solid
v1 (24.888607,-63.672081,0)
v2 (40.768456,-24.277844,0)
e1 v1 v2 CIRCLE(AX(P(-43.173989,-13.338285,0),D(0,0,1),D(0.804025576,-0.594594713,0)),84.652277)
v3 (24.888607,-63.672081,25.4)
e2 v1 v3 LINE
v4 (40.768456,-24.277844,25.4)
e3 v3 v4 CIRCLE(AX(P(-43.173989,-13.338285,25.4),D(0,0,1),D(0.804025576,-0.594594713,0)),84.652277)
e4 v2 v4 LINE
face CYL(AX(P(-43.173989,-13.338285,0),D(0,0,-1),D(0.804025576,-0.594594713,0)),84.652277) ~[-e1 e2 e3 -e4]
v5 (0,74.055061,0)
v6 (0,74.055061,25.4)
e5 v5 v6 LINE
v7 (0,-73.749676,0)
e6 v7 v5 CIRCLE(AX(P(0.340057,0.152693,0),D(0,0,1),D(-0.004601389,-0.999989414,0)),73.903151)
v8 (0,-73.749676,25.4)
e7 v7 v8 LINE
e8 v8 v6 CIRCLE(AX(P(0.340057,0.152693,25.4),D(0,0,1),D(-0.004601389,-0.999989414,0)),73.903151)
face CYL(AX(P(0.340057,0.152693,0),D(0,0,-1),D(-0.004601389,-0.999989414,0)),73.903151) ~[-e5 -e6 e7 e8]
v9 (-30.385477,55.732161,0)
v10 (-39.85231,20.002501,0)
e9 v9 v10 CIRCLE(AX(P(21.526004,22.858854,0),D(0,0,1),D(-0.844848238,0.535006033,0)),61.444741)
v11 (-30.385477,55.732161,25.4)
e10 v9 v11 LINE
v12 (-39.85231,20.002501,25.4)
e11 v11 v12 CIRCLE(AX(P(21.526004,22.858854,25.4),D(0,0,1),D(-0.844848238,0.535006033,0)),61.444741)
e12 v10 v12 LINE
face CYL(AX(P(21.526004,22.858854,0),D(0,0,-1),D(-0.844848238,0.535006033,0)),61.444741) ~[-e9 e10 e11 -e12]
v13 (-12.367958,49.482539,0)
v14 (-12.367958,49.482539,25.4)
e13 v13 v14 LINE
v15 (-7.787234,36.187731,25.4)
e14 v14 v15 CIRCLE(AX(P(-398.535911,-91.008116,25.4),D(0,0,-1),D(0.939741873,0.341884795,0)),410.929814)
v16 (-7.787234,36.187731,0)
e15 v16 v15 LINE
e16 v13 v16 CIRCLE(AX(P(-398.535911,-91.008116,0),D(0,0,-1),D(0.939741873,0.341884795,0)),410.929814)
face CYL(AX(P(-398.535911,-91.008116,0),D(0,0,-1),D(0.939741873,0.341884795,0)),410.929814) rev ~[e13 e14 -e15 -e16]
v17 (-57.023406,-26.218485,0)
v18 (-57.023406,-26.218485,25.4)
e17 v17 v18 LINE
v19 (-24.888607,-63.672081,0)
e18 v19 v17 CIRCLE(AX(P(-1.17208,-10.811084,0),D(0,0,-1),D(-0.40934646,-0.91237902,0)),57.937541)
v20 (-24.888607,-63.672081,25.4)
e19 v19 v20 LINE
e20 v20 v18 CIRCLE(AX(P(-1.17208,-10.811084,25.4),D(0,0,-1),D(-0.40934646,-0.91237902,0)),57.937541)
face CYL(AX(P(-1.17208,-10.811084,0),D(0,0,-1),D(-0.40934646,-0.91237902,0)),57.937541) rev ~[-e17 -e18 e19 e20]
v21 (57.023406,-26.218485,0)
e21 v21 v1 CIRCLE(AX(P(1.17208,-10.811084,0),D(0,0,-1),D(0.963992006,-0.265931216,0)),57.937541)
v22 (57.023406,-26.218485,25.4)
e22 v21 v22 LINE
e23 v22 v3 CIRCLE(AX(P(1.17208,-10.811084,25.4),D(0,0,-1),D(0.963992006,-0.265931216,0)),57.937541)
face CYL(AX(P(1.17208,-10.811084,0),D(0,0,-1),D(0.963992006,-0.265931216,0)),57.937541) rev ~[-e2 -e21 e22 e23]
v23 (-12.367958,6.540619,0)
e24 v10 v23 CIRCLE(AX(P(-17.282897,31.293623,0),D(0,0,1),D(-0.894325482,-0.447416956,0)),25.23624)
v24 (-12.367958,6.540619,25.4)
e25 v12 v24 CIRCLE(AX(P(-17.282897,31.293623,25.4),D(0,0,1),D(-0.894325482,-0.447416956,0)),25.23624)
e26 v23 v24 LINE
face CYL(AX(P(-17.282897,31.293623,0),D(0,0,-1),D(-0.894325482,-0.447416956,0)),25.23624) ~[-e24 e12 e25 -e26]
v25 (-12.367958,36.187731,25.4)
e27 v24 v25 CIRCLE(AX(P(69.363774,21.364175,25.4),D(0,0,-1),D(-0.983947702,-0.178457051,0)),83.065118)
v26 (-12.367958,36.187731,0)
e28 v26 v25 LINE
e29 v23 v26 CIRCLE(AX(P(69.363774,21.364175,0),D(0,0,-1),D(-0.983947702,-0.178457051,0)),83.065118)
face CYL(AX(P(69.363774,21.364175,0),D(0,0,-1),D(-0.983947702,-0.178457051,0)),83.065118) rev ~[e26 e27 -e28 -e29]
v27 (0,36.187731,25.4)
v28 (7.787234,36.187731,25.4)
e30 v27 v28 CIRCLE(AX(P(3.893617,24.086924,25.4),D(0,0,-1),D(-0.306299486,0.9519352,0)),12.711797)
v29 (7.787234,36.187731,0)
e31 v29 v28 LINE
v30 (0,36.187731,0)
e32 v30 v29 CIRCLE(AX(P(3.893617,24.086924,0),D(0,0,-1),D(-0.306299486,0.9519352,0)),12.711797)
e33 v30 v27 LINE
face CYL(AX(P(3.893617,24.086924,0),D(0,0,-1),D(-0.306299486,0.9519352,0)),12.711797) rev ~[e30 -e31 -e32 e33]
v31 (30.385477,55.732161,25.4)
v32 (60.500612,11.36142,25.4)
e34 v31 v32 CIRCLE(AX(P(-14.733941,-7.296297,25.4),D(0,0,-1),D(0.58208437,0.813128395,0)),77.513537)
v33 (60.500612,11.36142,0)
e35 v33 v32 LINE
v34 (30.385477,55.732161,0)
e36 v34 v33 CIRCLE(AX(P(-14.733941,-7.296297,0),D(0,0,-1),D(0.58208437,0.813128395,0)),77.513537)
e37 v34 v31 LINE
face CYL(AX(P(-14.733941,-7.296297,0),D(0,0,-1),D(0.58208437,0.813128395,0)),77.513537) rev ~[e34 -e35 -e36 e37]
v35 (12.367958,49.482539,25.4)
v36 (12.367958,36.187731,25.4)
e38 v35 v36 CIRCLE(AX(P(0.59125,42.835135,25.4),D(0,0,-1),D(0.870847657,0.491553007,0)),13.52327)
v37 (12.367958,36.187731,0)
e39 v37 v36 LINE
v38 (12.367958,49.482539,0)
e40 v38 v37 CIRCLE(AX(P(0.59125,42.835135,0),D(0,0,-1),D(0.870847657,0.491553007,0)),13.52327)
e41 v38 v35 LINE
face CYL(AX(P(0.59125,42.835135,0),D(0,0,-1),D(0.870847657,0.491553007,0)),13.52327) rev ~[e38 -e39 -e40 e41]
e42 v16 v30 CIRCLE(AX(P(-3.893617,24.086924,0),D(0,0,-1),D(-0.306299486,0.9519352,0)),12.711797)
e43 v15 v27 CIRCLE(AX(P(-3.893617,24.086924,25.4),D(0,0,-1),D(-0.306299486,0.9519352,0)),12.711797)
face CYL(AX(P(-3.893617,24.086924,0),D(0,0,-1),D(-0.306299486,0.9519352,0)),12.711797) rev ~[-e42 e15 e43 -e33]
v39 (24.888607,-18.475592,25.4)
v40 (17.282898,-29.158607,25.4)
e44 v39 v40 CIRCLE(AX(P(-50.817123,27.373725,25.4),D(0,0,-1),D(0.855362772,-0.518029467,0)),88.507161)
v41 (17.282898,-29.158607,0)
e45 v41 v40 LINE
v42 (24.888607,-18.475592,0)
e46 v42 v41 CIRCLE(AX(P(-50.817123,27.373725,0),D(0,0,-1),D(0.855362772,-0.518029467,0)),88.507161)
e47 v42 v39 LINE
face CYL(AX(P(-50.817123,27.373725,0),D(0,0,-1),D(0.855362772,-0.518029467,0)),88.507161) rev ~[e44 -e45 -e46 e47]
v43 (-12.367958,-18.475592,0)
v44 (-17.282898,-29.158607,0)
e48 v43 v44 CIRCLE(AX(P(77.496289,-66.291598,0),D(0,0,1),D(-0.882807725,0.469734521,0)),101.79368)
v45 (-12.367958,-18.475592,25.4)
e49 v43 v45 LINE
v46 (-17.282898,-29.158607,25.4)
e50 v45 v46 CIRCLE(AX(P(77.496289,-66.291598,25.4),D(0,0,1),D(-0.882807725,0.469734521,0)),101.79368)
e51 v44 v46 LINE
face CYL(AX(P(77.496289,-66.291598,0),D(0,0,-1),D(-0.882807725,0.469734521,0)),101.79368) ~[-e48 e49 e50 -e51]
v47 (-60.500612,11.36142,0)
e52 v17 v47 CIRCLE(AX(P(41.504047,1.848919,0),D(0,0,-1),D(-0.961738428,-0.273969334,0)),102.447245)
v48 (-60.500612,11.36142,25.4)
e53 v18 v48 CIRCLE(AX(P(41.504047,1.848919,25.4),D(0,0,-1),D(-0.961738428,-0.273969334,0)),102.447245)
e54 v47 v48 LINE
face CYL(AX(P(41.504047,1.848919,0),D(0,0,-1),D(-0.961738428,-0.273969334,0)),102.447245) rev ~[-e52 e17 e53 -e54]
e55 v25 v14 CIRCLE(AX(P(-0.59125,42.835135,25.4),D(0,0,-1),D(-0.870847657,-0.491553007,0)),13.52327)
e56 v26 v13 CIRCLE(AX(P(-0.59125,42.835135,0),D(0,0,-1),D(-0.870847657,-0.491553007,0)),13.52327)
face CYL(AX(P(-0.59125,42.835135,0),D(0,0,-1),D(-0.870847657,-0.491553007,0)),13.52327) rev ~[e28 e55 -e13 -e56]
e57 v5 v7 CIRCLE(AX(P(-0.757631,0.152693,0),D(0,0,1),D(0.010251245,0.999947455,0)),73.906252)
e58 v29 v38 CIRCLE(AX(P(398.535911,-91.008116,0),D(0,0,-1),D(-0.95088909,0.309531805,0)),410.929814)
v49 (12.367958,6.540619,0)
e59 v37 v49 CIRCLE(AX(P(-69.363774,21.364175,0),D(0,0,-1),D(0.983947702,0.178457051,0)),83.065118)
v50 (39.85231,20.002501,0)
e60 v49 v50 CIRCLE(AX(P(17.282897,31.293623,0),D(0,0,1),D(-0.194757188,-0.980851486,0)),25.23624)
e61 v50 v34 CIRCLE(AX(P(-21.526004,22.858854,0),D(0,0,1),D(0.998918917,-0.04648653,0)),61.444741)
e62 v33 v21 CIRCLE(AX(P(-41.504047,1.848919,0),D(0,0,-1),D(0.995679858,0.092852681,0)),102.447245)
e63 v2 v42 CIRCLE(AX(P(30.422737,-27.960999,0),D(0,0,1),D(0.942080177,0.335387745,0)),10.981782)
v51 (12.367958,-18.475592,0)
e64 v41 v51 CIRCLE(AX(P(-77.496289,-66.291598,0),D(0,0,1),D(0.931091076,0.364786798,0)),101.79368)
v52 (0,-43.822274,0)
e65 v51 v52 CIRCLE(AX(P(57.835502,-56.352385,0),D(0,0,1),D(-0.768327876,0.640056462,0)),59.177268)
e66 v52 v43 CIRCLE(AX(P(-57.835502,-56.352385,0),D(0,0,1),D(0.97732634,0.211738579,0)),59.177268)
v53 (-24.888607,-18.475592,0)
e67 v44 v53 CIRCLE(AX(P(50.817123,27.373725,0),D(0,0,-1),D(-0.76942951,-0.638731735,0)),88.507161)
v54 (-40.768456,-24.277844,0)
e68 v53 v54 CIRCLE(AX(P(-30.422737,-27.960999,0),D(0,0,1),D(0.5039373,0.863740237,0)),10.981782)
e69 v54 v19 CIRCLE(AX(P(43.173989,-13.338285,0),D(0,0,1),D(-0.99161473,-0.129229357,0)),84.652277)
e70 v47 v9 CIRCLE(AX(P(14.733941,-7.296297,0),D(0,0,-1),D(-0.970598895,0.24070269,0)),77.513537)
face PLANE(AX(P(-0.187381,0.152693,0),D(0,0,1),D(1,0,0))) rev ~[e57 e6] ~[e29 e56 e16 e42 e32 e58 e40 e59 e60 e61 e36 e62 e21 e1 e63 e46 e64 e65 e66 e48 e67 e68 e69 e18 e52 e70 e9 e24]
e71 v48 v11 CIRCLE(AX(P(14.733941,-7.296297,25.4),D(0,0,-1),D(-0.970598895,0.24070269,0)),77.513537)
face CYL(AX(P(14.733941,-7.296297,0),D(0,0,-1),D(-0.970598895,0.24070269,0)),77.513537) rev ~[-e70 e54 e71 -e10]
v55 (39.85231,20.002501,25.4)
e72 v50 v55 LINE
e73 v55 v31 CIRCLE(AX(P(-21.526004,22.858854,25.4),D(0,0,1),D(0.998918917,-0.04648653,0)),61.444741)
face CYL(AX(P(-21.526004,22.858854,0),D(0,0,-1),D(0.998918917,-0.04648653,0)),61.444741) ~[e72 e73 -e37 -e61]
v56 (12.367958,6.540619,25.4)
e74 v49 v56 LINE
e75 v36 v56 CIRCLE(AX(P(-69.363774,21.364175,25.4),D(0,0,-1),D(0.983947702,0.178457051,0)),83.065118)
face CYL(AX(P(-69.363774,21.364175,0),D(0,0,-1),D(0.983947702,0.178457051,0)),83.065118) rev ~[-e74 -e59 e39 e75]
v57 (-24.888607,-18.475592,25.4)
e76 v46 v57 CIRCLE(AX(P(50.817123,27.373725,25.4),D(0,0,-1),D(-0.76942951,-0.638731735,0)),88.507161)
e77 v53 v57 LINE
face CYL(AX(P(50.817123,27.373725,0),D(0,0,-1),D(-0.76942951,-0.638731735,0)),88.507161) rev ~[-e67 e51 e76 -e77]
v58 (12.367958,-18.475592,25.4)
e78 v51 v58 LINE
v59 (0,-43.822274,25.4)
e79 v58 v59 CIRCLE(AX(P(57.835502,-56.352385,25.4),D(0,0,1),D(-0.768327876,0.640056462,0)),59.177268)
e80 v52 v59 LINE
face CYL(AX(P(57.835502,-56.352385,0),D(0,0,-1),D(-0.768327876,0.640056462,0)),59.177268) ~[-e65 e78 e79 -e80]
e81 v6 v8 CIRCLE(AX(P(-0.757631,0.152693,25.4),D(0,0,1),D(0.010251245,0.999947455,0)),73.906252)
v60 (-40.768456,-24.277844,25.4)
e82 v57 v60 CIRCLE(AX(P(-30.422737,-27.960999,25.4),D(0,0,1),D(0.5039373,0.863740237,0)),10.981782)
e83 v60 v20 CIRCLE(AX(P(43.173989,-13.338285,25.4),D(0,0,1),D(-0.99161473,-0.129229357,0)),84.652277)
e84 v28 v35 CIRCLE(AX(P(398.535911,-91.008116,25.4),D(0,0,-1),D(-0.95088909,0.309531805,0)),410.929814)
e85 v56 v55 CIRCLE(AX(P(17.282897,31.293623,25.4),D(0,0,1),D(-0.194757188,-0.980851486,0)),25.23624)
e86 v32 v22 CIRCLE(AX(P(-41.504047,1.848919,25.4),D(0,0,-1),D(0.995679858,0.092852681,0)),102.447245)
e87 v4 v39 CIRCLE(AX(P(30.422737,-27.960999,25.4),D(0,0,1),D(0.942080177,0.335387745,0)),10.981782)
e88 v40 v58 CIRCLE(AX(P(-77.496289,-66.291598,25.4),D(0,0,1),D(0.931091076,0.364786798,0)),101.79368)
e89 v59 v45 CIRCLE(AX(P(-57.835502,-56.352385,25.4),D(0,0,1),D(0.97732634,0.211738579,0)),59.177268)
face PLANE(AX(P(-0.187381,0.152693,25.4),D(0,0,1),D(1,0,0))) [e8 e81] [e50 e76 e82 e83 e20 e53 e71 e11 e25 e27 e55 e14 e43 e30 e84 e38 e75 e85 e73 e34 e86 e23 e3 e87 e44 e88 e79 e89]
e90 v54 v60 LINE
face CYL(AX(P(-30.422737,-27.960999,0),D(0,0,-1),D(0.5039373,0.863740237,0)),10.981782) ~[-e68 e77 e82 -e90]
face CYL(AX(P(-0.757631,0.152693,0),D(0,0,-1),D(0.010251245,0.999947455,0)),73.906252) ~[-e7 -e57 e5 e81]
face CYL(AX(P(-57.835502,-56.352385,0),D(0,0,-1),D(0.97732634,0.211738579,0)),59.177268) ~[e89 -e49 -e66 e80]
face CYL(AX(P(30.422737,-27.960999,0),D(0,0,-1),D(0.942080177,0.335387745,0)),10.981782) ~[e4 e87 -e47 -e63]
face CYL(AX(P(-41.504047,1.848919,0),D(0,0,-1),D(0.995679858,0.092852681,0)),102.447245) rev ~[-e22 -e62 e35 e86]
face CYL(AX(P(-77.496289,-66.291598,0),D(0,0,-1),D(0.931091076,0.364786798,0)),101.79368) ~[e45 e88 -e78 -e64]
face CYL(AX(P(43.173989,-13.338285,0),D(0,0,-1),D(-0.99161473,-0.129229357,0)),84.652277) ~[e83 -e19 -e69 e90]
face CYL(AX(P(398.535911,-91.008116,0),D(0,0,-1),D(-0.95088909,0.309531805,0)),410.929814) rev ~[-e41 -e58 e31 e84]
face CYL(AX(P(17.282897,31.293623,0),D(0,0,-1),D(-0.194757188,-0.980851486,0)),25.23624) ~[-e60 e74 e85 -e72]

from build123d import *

# Parameters (mm, degrees)
F1_DEPTH = 25.4


with BuildPart() as f1:
    # F0 (on Top) → F1 (new body)
    with BuildSketch(Plane.XY):
        with BuildLine():
            ThreePointArc((0, 74.055061), (-74.663883, 0.152692), (0, -73.749676))
            ThreePointArc((0, -73.749676), (74.243208, 0.152692), (0, 74.055061))
        make_face()
        with BuildLine():
            ThreePointArc((-57.023406, -26.218485), (-60.507444, -7.590035), (-60.500612, 11.36142))
            ThreePointArc((-60.500612, 11.36142), (-49.402322, 36.234016), (-30.385477, 55.732161))
            ThreePointArc((-30.385477, 55.732161), (-37.869253, 38.596059), (-39.85231, 20.002501))
            ThreePointArc((-39.85231, 20.002501), (-28.383603, 8.629948), (-12.367958, 6.540619))
            ThreePointArc((-12.367958, 6.540619), (-13.701344, 21.364175), (-12.367958, 36.187731))
            ThreePointArc((-12.367958, 36.187731), (-14.11452, 42.835135), (-12.367958, 49.482539))
            ThreePointArc((-12.367958, 49.482539), (-10.020724, 42.85473), (-7.787234, 36.187731))
            ThreePointArc((-7.787234, 36.187731), (-3.893617, 36.798721), (0, 36.187731))
            ThreePointArc((0, 36.187731), (3.893617, 36.798721), (7.787234, 36.187731))
            ThreePointArc((7.787234, 36.187731), (10.020724, 42.85473), (12.367958, 49.482539))
            ThreePointArc((12.367958, 49.482539), (14.11452, 42.835135), (12.367958, 36.187731))
            ThreePointArc((12.367958, 36.187731), (13.701344, 21.364175), (12.367958, 6.540619))
            ThreePointArc((12.367958, 6.540619), (28.383603, 8.629948), (39.85231, 20.002501))
            ThreePointArc((39.85231, 20.002501), (37.869253, 38.596059), (30.385477, 55.732161))
            ThreePointArc((30.385477, 55.732161), (49.402322, 36.234016), (60.500612, 11.36142))
            ThreePointArc((60.500612, 11.36142), (60.507444, -7.590035), (57.023406, -26.218485))
            ThreePointArc((57.023406, -26.218485), (45.143136, -48.537797), (24.888607, -63.672081))
            ThreePointArc((24.888607, -63.672081), (35.339447, -44.987114), (40.768456, -24.277844))
            ThreePointArc((40.768456, -24.277844), (34.191606, -17.646196), (24.888607, -18.475592))
            ThreePointArc((24.888607, -18.475592), (21.283884, -23.958158), (17.282898, -29.158607))
            ThreePointArc((17.282898, -29.158607), (14.979822, -23.746067), (12.367958, -18.475592))
            ThreePointArc((12.367958, -18.475592), (4.65192, -30.401362), (0, -43.822274))
            ThreePointArc((0, -43.822274), (-4.65192, -30.401362), (-12.367958, -18.475592))
            ThreePointArc((-12.367958, -18.475592), (-14.979822, -23.746067), (-17.282898, -29.158607))
            ThreePointArc((-17.282898, -29.158607), (-21.283884, -23.958158), (-24.888607, -18.475592))
            ThreePointArc((-24.888607, -18.475592), (-34.191606, -17.646196), (-40.768456, -24.277844))
            ThreePointArc((-40.768456, -24.277844), (-35.339447, -44.987114), (-24.888607, -63.672081))
            ThreePointArc((-24.888607, -63.672081), (-45.143136, -48.537797), (-57.023406, -26.218485))
        make_face(mode=Mode.SUBTRACT)
    extrude(amount=F1_DEPTH)


solid = f1.part
